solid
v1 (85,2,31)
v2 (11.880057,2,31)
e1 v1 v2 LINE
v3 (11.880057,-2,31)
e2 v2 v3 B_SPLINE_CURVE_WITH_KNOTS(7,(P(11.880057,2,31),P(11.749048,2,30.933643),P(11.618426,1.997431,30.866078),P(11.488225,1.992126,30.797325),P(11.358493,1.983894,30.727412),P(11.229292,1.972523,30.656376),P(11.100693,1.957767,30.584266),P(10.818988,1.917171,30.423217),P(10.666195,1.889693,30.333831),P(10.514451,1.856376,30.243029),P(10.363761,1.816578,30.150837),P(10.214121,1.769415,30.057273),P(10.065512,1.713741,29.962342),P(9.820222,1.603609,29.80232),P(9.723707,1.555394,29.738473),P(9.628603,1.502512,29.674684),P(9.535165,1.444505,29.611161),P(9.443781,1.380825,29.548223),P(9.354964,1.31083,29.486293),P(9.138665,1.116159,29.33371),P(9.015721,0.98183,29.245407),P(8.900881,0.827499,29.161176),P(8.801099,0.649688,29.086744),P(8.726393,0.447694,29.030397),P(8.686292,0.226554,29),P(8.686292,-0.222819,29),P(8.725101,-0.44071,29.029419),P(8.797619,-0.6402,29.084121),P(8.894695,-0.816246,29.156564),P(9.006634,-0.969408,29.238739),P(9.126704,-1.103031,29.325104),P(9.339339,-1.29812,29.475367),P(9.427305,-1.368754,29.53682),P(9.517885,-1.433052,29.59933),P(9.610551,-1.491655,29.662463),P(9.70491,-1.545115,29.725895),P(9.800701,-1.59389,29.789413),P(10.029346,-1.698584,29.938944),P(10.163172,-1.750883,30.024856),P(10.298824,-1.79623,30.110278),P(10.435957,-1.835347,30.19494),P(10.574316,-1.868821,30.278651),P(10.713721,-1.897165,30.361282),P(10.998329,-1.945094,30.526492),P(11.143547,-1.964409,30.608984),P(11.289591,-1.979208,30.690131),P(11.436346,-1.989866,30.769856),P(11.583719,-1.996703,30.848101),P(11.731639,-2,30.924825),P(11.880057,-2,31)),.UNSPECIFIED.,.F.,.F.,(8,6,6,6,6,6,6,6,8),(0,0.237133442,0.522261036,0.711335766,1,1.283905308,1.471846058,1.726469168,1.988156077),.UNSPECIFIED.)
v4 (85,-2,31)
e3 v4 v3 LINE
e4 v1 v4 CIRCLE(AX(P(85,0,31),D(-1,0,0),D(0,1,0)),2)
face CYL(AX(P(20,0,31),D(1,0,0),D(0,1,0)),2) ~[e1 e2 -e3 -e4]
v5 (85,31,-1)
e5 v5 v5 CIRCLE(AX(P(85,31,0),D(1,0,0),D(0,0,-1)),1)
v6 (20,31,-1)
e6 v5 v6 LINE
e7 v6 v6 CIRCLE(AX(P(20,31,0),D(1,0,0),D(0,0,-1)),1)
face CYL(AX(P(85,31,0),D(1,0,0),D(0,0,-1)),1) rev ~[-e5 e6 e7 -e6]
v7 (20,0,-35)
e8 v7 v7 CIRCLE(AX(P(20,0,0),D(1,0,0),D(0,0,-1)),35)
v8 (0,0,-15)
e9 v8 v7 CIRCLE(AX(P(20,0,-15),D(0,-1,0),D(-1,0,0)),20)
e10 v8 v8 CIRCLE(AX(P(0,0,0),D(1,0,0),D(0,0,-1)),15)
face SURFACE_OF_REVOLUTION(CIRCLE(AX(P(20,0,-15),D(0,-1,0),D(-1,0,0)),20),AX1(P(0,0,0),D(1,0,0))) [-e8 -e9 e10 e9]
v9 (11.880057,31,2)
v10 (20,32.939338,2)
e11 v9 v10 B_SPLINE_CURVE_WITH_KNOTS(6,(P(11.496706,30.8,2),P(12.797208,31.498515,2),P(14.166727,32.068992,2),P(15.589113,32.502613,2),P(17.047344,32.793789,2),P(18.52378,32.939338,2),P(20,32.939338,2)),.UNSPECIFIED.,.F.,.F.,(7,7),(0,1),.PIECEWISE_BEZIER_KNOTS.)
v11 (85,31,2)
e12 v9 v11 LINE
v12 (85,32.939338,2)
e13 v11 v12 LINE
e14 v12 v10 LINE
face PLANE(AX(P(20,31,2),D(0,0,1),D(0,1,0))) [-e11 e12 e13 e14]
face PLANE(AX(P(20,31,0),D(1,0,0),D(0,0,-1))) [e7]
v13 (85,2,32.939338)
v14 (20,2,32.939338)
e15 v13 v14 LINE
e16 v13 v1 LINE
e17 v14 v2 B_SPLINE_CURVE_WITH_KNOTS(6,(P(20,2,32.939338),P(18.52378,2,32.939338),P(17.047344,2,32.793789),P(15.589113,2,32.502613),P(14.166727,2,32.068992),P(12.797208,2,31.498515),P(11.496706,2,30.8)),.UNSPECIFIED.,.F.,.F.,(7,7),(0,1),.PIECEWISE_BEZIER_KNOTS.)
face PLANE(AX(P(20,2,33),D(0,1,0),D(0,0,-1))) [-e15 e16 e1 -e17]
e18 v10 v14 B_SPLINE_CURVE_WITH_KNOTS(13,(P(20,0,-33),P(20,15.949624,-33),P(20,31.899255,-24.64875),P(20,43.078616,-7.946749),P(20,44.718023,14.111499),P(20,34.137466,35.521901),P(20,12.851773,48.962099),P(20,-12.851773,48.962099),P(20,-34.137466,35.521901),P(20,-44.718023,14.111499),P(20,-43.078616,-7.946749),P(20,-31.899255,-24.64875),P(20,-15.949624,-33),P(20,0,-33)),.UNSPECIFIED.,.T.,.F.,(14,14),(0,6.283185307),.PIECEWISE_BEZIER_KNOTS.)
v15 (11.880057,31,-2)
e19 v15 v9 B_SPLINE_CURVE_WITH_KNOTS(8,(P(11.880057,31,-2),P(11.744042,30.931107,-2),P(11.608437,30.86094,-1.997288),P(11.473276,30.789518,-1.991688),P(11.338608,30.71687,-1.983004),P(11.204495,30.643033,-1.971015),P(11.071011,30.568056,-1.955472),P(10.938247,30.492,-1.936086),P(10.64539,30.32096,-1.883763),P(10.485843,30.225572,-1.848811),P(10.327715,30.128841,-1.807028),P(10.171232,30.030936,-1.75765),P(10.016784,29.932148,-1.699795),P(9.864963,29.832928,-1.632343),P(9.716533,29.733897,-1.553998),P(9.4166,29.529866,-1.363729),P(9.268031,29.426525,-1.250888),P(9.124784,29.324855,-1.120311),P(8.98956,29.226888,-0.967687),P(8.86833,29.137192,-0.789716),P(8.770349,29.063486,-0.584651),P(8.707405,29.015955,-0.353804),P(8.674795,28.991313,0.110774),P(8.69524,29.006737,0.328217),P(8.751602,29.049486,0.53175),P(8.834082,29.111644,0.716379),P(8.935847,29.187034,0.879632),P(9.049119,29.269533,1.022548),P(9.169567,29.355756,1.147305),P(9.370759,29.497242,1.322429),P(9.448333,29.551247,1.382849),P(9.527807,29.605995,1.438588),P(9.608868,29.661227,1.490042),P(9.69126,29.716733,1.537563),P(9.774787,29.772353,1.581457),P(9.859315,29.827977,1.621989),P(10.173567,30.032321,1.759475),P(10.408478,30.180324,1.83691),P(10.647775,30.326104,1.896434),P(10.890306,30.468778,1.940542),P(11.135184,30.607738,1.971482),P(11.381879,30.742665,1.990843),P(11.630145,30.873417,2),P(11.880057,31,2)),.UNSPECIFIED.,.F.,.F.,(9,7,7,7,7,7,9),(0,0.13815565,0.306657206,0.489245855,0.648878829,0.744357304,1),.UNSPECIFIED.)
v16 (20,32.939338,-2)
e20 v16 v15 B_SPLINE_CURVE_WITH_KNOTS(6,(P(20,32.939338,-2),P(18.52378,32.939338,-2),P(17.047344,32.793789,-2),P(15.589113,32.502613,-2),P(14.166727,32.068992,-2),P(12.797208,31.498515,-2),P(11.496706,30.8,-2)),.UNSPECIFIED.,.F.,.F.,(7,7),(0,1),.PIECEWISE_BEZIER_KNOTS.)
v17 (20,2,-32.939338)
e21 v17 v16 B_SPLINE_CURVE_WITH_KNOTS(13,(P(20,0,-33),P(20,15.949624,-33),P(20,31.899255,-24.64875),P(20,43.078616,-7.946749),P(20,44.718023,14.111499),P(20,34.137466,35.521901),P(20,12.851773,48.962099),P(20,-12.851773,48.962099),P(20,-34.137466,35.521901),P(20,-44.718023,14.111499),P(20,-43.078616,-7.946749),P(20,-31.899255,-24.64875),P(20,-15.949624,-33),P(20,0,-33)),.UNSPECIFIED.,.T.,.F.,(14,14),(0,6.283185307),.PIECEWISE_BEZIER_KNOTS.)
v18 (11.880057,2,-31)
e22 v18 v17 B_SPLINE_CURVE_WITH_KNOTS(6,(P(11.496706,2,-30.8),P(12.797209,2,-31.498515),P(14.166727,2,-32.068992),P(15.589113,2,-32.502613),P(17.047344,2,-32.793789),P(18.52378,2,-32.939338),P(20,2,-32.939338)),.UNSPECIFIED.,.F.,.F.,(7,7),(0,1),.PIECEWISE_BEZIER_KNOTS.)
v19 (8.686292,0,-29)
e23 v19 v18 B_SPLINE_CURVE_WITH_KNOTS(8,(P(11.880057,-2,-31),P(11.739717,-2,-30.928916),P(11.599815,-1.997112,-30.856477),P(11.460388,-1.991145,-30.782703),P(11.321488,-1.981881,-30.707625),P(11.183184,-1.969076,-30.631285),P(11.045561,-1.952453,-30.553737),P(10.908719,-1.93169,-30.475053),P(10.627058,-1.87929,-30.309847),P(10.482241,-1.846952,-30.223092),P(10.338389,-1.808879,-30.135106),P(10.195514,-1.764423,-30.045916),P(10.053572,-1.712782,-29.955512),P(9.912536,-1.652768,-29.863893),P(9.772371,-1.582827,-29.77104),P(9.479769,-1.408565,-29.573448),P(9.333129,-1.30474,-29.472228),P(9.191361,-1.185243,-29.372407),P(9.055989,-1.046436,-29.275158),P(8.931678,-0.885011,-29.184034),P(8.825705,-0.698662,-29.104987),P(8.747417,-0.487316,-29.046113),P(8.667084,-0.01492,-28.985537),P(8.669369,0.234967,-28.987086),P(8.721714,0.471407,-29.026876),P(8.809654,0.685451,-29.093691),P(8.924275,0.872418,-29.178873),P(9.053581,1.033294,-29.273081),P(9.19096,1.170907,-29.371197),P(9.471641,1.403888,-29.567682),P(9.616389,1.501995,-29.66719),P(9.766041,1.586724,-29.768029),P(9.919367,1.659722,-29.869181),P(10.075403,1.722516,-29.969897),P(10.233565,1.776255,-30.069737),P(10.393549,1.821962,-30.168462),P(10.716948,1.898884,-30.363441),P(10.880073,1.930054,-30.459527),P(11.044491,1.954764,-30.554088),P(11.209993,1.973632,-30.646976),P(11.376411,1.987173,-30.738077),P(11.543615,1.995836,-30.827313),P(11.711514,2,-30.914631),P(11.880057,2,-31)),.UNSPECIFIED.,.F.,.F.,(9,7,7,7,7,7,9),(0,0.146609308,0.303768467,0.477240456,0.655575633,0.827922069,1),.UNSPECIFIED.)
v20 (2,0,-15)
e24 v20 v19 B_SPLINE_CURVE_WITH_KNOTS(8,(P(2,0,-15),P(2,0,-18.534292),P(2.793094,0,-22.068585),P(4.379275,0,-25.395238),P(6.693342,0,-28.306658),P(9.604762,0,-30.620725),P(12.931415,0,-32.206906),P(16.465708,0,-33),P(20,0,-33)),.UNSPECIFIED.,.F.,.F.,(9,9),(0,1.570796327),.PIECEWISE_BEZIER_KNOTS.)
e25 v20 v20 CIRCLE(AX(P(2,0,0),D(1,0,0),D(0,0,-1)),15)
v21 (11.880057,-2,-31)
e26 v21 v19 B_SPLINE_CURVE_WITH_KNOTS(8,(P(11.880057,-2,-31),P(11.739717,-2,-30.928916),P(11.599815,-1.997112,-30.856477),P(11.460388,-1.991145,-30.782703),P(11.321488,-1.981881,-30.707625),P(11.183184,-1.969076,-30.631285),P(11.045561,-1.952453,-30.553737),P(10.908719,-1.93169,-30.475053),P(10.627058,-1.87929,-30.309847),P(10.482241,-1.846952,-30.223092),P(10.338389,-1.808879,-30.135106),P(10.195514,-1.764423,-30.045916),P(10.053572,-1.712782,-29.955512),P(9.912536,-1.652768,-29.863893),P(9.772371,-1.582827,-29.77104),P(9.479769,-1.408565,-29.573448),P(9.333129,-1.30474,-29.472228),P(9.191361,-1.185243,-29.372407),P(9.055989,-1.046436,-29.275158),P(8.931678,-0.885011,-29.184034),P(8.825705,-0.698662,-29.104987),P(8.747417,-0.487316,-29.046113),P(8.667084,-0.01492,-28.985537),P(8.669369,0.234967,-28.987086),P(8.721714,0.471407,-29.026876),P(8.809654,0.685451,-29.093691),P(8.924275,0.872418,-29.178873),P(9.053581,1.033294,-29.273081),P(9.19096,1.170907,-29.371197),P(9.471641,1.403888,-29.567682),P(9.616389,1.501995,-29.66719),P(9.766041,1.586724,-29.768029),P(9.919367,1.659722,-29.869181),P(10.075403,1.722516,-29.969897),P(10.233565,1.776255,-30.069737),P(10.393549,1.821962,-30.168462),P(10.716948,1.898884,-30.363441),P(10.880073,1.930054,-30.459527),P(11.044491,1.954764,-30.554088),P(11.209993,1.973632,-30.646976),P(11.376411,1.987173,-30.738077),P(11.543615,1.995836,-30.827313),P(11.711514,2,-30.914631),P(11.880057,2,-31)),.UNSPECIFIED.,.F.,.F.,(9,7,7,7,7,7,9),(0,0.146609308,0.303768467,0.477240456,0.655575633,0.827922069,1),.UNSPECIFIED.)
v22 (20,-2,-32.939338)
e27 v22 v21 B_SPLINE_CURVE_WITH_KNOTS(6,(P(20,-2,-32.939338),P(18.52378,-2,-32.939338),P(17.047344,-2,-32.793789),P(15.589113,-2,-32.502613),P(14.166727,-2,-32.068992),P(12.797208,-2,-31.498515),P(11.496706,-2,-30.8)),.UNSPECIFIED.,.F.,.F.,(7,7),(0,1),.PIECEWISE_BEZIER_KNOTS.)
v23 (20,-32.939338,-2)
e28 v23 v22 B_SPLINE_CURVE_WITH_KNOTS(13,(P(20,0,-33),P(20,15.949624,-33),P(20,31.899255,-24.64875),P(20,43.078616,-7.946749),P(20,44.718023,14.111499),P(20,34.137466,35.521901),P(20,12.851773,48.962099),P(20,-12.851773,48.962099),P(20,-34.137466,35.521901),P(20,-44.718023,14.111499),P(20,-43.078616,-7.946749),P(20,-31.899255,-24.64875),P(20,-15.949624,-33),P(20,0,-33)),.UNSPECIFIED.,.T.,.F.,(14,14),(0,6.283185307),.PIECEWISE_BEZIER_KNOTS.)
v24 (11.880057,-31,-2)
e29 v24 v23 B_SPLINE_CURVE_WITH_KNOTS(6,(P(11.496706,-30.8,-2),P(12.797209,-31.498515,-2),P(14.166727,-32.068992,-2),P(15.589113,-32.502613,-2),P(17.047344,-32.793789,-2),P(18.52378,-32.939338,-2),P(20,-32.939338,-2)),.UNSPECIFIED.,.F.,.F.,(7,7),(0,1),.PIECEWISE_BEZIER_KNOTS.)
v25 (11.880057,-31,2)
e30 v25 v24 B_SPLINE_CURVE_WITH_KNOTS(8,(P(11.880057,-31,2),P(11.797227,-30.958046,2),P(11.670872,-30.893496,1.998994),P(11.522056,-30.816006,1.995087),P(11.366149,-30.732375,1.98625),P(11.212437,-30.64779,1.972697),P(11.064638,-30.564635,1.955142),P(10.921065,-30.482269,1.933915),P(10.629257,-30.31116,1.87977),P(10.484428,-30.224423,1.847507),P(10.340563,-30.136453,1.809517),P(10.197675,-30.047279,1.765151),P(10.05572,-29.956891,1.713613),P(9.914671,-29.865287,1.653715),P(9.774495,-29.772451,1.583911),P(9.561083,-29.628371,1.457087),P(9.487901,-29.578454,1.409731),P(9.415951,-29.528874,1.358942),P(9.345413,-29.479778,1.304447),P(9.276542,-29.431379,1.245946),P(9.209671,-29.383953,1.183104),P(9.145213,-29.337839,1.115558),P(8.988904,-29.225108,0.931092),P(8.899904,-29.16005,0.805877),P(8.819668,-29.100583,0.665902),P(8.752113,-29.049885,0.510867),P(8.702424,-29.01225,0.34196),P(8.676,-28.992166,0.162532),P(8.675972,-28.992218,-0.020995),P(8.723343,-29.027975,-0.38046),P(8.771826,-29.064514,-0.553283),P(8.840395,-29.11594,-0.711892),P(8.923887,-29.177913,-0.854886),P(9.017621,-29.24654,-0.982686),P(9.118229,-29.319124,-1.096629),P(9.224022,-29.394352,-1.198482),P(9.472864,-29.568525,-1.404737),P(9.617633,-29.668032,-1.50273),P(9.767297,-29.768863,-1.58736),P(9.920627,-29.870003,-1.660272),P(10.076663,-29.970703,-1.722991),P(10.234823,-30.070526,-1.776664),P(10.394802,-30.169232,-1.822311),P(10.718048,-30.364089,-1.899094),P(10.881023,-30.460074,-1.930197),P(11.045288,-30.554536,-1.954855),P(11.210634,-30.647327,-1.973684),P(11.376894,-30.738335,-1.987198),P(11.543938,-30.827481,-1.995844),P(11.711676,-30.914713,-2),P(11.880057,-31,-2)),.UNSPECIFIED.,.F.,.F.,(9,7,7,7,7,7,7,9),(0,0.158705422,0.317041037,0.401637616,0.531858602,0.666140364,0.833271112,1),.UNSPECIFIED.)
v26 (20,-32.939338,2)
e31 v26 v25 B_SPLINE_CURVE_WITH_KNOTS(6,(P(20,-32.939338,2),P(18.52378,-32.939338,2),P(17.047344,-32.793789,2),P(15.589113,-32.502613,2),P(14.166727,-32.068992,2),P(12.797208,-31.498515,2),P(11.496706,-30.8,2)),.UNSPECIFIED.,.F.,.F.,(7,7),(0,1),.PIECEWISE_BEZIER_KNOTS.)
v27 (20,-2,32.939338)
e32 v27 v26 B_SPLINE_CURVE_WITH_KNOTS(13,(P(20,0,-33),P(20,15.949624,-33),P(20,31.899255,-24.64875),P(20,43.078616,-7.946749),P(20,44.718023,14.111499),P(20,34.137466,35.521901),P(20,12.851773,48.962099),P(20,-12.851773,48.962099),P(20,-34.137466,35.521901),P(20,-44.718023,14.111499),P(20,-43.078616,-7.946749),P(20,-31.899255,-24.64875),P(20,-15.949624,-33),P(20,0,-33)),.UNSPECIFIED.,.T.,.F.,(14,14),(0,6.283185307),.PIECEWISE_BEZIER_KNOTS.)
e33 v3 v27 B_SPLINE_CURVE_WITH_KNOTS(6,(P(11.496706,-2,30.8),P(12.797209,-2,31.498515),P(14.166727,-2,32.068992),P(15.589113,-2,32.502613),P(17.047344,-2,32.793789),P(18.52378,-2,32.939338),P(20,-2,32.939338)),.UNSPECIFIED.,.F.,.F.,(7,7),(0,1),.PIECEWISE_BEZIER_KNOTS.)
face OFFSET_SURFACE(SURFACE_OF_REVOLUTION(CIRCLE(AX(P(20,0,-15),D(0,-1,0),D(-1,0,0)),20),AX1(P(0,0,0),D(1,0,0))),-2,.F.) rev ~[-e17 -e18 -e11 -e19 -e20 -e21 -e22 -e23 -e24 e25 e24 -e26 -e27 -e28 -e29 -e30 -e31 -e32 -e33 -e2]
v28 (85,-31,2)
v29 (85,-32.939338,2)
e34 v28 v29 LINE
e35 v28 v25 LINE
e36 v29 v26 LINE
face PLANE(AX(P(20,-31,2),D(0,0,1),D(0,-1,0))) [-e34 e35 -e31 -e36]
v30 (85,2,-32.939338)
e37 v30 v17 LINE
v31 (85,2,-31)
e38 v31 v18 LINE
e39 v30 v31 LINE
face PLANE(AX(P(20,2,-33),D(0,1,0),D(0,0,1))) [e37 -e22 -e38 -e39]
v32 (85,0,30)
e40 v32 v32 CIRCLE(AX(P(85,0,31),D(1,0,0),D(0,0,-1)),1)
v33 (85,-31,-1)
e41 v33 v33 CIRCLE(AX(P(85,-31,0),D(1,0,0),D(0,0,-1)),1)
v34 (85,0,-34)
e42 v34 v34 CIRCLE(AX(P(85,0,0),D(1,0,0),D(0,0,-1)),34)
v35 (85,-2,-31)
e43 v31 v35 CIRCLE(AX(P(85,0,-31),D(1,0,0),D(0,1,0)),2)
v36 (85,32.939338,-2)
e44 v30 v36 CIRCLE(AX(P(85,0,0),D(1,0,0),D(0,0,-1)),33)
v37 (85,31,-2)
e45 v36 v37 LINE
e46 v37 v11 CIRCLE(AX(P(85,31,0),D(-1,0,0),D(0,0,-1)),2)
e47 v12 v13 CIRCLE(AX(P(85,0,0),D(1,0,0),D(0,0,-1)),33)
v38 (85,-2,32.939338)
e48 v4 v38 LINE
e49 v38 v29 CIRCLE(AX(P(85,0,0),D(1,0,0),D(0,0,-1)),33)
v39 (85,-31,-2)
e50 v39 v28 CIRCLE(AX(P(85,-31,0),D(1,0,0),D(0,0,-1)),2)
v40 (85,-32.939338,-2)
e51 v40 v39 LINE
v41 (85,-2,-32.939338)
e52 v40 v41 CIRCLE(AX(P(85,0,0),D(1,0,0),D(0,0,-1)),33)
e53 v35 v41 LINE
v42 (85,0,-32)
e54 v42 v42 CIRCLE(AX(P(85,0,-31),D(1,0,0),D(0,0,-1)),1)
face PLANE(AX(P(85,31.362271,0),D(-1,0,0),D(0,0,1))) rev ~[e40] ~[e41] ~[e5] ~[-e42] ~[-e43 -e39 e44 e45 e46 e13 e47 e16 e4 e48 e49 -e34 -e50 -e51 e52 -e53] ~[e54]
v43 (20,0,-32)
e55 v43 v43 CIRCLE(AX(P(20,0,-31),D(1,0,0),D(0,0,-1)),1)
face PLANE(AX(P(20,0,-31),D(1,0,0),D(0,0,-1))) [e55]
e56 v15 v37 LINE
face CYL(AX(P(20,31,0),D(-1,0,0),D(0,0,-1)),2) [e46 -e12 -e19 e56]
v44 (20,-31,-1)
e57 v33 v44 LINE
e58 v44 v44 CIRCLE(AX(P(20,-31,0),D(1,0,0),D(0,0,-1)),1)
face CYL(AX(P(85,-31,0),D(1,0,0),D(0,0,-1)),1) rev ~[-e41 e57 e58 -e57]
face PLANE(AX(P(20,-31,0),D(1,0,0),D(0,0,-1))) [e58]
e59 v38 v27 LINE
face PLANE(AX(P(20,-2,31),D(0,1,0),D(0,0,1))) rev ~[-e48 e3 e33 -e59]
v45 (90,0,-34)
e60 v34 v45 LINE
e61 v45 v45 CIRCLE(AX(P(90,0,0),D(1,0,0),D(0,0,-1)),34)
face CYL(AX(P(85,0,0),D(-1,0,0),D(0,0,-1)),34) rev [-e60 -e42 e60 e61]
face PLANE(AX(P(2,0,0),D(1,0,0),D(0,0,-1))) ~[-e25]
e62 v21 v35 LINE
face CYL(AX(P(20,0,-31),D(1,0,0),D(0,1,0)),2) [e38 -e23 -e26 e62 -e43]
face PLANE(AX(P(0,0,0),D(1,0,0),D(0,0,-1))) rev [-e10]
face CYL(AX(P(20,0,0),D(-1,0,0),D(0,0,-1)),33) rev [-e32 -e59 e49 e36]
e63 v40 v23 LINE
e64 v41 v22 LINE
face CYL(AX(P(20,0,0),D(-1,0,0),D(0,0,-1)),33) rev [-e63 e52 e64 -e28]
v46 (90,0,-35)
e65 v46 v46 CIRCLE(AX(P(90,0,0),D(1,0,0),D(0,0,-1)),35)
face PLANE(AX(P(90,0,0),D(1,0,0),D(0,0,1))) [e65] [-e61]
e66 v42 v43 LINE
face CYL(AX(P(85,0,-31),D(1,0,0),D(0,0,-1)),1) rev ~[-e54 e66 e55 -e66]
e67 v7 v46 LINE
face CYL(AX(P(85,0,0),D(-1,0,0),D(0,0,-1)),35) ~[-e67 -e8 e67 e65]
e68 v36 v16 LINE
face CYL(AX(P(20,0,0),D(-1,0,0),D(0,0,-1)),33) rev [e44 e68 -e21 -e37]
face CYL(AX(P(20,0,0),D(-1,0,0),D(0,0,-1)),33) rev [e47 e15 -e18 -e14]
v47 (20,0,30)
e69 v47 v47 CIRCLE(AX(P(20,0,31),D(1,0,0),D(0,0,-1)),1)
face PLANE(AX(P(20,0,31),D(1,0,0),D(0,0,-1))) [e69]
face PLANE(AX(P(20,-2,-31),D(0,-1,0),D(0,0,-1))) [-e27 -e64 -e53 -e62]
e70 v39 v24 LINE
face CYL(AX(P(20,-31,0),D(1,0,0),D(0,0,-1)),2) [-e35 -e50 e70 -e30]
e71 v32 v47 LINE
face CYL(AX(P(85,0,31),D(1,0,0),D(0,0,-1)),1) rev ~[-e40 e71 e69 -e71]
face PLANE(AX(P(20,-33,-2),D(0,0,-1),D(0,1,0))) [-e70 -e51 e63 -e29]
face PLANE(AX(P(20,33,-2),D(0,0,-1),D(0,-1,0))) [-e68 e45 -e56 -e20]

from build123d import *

# Parameters (mm, degrees)
THICKEN1_T2                     = 2
SURFACE_EXTRUDE1_2_DEPTH        = 65
THICKEN2_T1                     = 2
BOSS_EXTRUDE2_REACH             = 83.701
BOSS_EXTRUDE2_END_MAJOR_RADIUS  = 15
BOSS_EXTRUDE2_END_MINOR_RADIUS  = 18
BOSS_EXTRUDE2_DIRECTION_2_DEPTH = 65
SKETCH5_R                       = 1
CUT_EXTRUDE2_DEPTH              = 65
SURFACE_EXTRUDE2_3_DEPTH        = 5
THICKEN3_T1                     = 1


with BuildPart() as body_1:
    # Surface-Revolve1: a surface, the sketch's curves turned about an axis
    with BuildLine(Plane(origin=(0, 0, 0), x_dir=(1, 0, 0), z_dir=(0, 1, 0)), mode=Mode.PRIVATE) as surface_revolve1_1_path:
        Line((0, 0), (0, 15))
        ThreePointArc((0, 15), (5.857864376, 29.142135624), (20, 35))
    surface_revolve1_1 = Shell.revolve(surface_revolve1_1_path.wire(), 360, Axis((0, 0, 0), (1, 0, 0)))
    add(Solid.thicken(surface_revolve1_1, -THICKEN1_T2))

    # Surface-Extrude1: a surface, the sketch's curves swept straight by 65 mm
    with BuildLine(Plane(origin=(20, 0, 0), x_dir=(0, 0, -1), z_dir=(1, 0, 0)), mode=Mode.PRIVATE) as surface_extrude1_2_path:
        CenterArc((0, 0), 35, 0, 360)
    surface_extrude1_2 = Shell.extrude(surface_extrude1_2_path.wire(), (1 * SURFACE_EXTRUDE1_2_DEPTH, 0 * SURFACE_EXTRUDE1_2_DEPTH, 0 * SURFACE_EXTRUDE1_2_DEPTH))
    add(Solid.thicken(surface_extrude1_2, THICKEN2_T1))

    # Boss-Extrude2: up to this torus (the profile starts inside it)
    boss_extrude2_end = Plane(origin=(20, 0, 0), z_dir=(1, 0, 0)) * Torus(BOSS_EXTRUDE2_END_MAJOR_RADIUS, BOSS_EXTRUDE2_END_MINOR_RADIUS, mode=Mode.PRIVATE)
    # Sketch2 → Boss-Extrude2 (add, up to the surface)
    with BuildSketch(Plane(origin=(20, 0, 0), x_dir=(0, 0, -1), z_dir=(1, 0, 0)), mode=Mode.PRIVATE) as boss_extrude2_sk1:
        with BuildLine():
            Line((-2, 31), (-2, 33))
            Line((-2, 33), (2, 33))
            Line((2, 33), (2, 31))
            ThreePointArc((2, 31), (0, 29), (-2, 31))
        make_face()
    boss_extrude2_tool1 = extrude(boss_extrude2_sk1.sketch, amount=-BOSS_EXTRUDE2_REACH, mode=Mode.PRIVATE) & boss_extrude2_end
    add(boss_extrude2_tool1.solids().sort_by_distance((20, 31.1867, 0))[0])
    # Sketch2 → Boss-Extrude2 (add, up to the surface)
    with BuildSketch(Plane(origin=(20, 0, 0), x_dir=(0, 0, -1), z_dir=(1, 0, 0)), mode=Mode.PRIVATE) as boss_extrude2_sk2:
        with BuildLine():
            Line((-31, -2), (-33, -2))
            Line((-33, -2), (-33, 2))
            Line((-33, 2), (-31, 2))
            ThreePointArc((-31, 2), (-29, 0), (-31, -2))
        make_face()
    boss_extrude2_tool2 = extrude(boss_extrude2_sk2.sketch, amount=-BOSS_EXTRUDE2_REACH, mode=Mode.PRIVATE) & boss_extrude2_end
    add(boss_extrude2_tool2.solids().sort_by_distance((20, 0, 31.1867))[0])
    # Sketch2 → Boss-Extrude2 (add, up to the surface)
    with BuildSketch(Plane(origin=(20, 0, 0), x_dir=(0, 0, -1), z_dir=(1, 0, 0)), mode=Mode.PRIVATE) as boss_extrude2_sk3:
        with BuildLine():
            Line((2, -33), (2, -31))
            ThreePointArc((2, -31), (0, -29), (-2, -31))
            Line((-2, -31), (-2, -33))
            Line((-2, -33), (2, -33))
        make_face()
    boss_extrude2_tool3 = extrude(boss_extrude2_sk3.sketch, amount=-BOSS_EXTRUDE2_REACH, mode=Mode.PRIVATE) & boss_extrude2_end
    add(boss_extrude2_tool3.solids().sort_by_distance((20, -31.1867, 0))[0])
    # Sketch2 → Boss-Extrude2 (add, up to the surface)
    with BuildSketch(Plane(origin=(20, 0, 0), x_dir=(0, 0, -1), z_dir=(1, 0, 0)), mode=Mode.PRIVATE) as boss_extrude2_sk4:
        with BuildLine():
            Line((33, 2), (31, 2))
            ThreePointArc((31, 2), (29, 0), (31, -2))
            Line((31, -2), (33, -2))
            Line((33, -2), (33, 2))
        make_face()
    boss_extrude2_tool4 = extrude(boss_extrude2_sk4.sketch, amount=-BOSS_EXTRUDE2_REACH, mode=Mode.PRIVATE) & boss_extrude2_end
    add(boss_extrude2_tool4.solids().sort_by_distance((20, 0, -31.1867))[0])

    # Sketch2 → Boss-Extrude2 direction 2 (add)
    with BuildSketch(Plane(origin=(20, 0, 0), x_dir=(0, 0, -1), z_dir=(1, 0, 0))):
        with BuildLine():
            Line((-2, 31), (-2, 33))
            Line((-2, 33), (2, 33))
            Line((2, 33), (2, 31))
            ThreePointArc((2, 31), (0, 29), (-2, 31))
        make_face()
        with BuildLine():
            Line((-31, -2), (-33, -2))
            Line((-33, -2), (-33, 2))
            Line((-33, 2), (-31, 2))
            ThreePointArc((-31, 2), (-29, 0), (-31, -2))
        make_face()
        with BuildLine():
            Line((2, -33), (2, -31))
            ThreePointArc((2, -31), (0, -29), (-2, -31))
            Line((-2, -31), (-2, -33))
            Line((-2, -33), (2, -33))
        make_face()
        with BuildLine():
            Line((33, 2), (31, 2))
            ThreePointArc((31, 2), (29, 0), (31, -2))
            Line((31, -2), (33, -2))
            Line((33, -2), (33, 2))
        make_face()
    extrude(amount=BOSS_EXTRUDE2_DIRECTION_2_DEPTH)

    # Sketch5 → Cut-Extrude2 (cut)
    with BuildSketch(Plane(origin=(85, 0, 0), x_dir=(0, 0, -1), z_dir=(1, 0, 0))):
        with Locations((0, 31)):
            Circle(SKETCH5_R)
        with Locations((31, 0)):
            Circle(SKETCH5_R)
        with Locations((-31, 0)):
            Circle(SKETCH5_R)
        with Locations((0, -31)):
            Circle(SKETCH5_R)
    extrude(amount=-CUT_EXTRUDE2_DEPTH, mode=Mode.SUBTRACT)

    # Surface-Extrude2: a surface, the sketch's curves swept straight by 5 mm
    with BuildLine(Plane(origin=(85, 0, 0), x_dir=(0, 0, -1), z_dir=(1, 0, 0)), mode=Mode.PRIVATE) as surface_extrude2_3_path:
        CenterArc((0, 0), 35, 0, 360)
    surface_extrude2_3 = Shell.extrude(surface_extrude2_3_path.wire(), (1 * SURFACE_EXTRUDE2_3_DEPTH, 0 * SURFACE_EXTRUDE2_3_DEPTH, 0 * SURFACE_EXTRUDE2_3_DEPTH))
    add(Solid.thicken(surface_extrude2_3, THICKEN3_T1))


solid = body_1.part
